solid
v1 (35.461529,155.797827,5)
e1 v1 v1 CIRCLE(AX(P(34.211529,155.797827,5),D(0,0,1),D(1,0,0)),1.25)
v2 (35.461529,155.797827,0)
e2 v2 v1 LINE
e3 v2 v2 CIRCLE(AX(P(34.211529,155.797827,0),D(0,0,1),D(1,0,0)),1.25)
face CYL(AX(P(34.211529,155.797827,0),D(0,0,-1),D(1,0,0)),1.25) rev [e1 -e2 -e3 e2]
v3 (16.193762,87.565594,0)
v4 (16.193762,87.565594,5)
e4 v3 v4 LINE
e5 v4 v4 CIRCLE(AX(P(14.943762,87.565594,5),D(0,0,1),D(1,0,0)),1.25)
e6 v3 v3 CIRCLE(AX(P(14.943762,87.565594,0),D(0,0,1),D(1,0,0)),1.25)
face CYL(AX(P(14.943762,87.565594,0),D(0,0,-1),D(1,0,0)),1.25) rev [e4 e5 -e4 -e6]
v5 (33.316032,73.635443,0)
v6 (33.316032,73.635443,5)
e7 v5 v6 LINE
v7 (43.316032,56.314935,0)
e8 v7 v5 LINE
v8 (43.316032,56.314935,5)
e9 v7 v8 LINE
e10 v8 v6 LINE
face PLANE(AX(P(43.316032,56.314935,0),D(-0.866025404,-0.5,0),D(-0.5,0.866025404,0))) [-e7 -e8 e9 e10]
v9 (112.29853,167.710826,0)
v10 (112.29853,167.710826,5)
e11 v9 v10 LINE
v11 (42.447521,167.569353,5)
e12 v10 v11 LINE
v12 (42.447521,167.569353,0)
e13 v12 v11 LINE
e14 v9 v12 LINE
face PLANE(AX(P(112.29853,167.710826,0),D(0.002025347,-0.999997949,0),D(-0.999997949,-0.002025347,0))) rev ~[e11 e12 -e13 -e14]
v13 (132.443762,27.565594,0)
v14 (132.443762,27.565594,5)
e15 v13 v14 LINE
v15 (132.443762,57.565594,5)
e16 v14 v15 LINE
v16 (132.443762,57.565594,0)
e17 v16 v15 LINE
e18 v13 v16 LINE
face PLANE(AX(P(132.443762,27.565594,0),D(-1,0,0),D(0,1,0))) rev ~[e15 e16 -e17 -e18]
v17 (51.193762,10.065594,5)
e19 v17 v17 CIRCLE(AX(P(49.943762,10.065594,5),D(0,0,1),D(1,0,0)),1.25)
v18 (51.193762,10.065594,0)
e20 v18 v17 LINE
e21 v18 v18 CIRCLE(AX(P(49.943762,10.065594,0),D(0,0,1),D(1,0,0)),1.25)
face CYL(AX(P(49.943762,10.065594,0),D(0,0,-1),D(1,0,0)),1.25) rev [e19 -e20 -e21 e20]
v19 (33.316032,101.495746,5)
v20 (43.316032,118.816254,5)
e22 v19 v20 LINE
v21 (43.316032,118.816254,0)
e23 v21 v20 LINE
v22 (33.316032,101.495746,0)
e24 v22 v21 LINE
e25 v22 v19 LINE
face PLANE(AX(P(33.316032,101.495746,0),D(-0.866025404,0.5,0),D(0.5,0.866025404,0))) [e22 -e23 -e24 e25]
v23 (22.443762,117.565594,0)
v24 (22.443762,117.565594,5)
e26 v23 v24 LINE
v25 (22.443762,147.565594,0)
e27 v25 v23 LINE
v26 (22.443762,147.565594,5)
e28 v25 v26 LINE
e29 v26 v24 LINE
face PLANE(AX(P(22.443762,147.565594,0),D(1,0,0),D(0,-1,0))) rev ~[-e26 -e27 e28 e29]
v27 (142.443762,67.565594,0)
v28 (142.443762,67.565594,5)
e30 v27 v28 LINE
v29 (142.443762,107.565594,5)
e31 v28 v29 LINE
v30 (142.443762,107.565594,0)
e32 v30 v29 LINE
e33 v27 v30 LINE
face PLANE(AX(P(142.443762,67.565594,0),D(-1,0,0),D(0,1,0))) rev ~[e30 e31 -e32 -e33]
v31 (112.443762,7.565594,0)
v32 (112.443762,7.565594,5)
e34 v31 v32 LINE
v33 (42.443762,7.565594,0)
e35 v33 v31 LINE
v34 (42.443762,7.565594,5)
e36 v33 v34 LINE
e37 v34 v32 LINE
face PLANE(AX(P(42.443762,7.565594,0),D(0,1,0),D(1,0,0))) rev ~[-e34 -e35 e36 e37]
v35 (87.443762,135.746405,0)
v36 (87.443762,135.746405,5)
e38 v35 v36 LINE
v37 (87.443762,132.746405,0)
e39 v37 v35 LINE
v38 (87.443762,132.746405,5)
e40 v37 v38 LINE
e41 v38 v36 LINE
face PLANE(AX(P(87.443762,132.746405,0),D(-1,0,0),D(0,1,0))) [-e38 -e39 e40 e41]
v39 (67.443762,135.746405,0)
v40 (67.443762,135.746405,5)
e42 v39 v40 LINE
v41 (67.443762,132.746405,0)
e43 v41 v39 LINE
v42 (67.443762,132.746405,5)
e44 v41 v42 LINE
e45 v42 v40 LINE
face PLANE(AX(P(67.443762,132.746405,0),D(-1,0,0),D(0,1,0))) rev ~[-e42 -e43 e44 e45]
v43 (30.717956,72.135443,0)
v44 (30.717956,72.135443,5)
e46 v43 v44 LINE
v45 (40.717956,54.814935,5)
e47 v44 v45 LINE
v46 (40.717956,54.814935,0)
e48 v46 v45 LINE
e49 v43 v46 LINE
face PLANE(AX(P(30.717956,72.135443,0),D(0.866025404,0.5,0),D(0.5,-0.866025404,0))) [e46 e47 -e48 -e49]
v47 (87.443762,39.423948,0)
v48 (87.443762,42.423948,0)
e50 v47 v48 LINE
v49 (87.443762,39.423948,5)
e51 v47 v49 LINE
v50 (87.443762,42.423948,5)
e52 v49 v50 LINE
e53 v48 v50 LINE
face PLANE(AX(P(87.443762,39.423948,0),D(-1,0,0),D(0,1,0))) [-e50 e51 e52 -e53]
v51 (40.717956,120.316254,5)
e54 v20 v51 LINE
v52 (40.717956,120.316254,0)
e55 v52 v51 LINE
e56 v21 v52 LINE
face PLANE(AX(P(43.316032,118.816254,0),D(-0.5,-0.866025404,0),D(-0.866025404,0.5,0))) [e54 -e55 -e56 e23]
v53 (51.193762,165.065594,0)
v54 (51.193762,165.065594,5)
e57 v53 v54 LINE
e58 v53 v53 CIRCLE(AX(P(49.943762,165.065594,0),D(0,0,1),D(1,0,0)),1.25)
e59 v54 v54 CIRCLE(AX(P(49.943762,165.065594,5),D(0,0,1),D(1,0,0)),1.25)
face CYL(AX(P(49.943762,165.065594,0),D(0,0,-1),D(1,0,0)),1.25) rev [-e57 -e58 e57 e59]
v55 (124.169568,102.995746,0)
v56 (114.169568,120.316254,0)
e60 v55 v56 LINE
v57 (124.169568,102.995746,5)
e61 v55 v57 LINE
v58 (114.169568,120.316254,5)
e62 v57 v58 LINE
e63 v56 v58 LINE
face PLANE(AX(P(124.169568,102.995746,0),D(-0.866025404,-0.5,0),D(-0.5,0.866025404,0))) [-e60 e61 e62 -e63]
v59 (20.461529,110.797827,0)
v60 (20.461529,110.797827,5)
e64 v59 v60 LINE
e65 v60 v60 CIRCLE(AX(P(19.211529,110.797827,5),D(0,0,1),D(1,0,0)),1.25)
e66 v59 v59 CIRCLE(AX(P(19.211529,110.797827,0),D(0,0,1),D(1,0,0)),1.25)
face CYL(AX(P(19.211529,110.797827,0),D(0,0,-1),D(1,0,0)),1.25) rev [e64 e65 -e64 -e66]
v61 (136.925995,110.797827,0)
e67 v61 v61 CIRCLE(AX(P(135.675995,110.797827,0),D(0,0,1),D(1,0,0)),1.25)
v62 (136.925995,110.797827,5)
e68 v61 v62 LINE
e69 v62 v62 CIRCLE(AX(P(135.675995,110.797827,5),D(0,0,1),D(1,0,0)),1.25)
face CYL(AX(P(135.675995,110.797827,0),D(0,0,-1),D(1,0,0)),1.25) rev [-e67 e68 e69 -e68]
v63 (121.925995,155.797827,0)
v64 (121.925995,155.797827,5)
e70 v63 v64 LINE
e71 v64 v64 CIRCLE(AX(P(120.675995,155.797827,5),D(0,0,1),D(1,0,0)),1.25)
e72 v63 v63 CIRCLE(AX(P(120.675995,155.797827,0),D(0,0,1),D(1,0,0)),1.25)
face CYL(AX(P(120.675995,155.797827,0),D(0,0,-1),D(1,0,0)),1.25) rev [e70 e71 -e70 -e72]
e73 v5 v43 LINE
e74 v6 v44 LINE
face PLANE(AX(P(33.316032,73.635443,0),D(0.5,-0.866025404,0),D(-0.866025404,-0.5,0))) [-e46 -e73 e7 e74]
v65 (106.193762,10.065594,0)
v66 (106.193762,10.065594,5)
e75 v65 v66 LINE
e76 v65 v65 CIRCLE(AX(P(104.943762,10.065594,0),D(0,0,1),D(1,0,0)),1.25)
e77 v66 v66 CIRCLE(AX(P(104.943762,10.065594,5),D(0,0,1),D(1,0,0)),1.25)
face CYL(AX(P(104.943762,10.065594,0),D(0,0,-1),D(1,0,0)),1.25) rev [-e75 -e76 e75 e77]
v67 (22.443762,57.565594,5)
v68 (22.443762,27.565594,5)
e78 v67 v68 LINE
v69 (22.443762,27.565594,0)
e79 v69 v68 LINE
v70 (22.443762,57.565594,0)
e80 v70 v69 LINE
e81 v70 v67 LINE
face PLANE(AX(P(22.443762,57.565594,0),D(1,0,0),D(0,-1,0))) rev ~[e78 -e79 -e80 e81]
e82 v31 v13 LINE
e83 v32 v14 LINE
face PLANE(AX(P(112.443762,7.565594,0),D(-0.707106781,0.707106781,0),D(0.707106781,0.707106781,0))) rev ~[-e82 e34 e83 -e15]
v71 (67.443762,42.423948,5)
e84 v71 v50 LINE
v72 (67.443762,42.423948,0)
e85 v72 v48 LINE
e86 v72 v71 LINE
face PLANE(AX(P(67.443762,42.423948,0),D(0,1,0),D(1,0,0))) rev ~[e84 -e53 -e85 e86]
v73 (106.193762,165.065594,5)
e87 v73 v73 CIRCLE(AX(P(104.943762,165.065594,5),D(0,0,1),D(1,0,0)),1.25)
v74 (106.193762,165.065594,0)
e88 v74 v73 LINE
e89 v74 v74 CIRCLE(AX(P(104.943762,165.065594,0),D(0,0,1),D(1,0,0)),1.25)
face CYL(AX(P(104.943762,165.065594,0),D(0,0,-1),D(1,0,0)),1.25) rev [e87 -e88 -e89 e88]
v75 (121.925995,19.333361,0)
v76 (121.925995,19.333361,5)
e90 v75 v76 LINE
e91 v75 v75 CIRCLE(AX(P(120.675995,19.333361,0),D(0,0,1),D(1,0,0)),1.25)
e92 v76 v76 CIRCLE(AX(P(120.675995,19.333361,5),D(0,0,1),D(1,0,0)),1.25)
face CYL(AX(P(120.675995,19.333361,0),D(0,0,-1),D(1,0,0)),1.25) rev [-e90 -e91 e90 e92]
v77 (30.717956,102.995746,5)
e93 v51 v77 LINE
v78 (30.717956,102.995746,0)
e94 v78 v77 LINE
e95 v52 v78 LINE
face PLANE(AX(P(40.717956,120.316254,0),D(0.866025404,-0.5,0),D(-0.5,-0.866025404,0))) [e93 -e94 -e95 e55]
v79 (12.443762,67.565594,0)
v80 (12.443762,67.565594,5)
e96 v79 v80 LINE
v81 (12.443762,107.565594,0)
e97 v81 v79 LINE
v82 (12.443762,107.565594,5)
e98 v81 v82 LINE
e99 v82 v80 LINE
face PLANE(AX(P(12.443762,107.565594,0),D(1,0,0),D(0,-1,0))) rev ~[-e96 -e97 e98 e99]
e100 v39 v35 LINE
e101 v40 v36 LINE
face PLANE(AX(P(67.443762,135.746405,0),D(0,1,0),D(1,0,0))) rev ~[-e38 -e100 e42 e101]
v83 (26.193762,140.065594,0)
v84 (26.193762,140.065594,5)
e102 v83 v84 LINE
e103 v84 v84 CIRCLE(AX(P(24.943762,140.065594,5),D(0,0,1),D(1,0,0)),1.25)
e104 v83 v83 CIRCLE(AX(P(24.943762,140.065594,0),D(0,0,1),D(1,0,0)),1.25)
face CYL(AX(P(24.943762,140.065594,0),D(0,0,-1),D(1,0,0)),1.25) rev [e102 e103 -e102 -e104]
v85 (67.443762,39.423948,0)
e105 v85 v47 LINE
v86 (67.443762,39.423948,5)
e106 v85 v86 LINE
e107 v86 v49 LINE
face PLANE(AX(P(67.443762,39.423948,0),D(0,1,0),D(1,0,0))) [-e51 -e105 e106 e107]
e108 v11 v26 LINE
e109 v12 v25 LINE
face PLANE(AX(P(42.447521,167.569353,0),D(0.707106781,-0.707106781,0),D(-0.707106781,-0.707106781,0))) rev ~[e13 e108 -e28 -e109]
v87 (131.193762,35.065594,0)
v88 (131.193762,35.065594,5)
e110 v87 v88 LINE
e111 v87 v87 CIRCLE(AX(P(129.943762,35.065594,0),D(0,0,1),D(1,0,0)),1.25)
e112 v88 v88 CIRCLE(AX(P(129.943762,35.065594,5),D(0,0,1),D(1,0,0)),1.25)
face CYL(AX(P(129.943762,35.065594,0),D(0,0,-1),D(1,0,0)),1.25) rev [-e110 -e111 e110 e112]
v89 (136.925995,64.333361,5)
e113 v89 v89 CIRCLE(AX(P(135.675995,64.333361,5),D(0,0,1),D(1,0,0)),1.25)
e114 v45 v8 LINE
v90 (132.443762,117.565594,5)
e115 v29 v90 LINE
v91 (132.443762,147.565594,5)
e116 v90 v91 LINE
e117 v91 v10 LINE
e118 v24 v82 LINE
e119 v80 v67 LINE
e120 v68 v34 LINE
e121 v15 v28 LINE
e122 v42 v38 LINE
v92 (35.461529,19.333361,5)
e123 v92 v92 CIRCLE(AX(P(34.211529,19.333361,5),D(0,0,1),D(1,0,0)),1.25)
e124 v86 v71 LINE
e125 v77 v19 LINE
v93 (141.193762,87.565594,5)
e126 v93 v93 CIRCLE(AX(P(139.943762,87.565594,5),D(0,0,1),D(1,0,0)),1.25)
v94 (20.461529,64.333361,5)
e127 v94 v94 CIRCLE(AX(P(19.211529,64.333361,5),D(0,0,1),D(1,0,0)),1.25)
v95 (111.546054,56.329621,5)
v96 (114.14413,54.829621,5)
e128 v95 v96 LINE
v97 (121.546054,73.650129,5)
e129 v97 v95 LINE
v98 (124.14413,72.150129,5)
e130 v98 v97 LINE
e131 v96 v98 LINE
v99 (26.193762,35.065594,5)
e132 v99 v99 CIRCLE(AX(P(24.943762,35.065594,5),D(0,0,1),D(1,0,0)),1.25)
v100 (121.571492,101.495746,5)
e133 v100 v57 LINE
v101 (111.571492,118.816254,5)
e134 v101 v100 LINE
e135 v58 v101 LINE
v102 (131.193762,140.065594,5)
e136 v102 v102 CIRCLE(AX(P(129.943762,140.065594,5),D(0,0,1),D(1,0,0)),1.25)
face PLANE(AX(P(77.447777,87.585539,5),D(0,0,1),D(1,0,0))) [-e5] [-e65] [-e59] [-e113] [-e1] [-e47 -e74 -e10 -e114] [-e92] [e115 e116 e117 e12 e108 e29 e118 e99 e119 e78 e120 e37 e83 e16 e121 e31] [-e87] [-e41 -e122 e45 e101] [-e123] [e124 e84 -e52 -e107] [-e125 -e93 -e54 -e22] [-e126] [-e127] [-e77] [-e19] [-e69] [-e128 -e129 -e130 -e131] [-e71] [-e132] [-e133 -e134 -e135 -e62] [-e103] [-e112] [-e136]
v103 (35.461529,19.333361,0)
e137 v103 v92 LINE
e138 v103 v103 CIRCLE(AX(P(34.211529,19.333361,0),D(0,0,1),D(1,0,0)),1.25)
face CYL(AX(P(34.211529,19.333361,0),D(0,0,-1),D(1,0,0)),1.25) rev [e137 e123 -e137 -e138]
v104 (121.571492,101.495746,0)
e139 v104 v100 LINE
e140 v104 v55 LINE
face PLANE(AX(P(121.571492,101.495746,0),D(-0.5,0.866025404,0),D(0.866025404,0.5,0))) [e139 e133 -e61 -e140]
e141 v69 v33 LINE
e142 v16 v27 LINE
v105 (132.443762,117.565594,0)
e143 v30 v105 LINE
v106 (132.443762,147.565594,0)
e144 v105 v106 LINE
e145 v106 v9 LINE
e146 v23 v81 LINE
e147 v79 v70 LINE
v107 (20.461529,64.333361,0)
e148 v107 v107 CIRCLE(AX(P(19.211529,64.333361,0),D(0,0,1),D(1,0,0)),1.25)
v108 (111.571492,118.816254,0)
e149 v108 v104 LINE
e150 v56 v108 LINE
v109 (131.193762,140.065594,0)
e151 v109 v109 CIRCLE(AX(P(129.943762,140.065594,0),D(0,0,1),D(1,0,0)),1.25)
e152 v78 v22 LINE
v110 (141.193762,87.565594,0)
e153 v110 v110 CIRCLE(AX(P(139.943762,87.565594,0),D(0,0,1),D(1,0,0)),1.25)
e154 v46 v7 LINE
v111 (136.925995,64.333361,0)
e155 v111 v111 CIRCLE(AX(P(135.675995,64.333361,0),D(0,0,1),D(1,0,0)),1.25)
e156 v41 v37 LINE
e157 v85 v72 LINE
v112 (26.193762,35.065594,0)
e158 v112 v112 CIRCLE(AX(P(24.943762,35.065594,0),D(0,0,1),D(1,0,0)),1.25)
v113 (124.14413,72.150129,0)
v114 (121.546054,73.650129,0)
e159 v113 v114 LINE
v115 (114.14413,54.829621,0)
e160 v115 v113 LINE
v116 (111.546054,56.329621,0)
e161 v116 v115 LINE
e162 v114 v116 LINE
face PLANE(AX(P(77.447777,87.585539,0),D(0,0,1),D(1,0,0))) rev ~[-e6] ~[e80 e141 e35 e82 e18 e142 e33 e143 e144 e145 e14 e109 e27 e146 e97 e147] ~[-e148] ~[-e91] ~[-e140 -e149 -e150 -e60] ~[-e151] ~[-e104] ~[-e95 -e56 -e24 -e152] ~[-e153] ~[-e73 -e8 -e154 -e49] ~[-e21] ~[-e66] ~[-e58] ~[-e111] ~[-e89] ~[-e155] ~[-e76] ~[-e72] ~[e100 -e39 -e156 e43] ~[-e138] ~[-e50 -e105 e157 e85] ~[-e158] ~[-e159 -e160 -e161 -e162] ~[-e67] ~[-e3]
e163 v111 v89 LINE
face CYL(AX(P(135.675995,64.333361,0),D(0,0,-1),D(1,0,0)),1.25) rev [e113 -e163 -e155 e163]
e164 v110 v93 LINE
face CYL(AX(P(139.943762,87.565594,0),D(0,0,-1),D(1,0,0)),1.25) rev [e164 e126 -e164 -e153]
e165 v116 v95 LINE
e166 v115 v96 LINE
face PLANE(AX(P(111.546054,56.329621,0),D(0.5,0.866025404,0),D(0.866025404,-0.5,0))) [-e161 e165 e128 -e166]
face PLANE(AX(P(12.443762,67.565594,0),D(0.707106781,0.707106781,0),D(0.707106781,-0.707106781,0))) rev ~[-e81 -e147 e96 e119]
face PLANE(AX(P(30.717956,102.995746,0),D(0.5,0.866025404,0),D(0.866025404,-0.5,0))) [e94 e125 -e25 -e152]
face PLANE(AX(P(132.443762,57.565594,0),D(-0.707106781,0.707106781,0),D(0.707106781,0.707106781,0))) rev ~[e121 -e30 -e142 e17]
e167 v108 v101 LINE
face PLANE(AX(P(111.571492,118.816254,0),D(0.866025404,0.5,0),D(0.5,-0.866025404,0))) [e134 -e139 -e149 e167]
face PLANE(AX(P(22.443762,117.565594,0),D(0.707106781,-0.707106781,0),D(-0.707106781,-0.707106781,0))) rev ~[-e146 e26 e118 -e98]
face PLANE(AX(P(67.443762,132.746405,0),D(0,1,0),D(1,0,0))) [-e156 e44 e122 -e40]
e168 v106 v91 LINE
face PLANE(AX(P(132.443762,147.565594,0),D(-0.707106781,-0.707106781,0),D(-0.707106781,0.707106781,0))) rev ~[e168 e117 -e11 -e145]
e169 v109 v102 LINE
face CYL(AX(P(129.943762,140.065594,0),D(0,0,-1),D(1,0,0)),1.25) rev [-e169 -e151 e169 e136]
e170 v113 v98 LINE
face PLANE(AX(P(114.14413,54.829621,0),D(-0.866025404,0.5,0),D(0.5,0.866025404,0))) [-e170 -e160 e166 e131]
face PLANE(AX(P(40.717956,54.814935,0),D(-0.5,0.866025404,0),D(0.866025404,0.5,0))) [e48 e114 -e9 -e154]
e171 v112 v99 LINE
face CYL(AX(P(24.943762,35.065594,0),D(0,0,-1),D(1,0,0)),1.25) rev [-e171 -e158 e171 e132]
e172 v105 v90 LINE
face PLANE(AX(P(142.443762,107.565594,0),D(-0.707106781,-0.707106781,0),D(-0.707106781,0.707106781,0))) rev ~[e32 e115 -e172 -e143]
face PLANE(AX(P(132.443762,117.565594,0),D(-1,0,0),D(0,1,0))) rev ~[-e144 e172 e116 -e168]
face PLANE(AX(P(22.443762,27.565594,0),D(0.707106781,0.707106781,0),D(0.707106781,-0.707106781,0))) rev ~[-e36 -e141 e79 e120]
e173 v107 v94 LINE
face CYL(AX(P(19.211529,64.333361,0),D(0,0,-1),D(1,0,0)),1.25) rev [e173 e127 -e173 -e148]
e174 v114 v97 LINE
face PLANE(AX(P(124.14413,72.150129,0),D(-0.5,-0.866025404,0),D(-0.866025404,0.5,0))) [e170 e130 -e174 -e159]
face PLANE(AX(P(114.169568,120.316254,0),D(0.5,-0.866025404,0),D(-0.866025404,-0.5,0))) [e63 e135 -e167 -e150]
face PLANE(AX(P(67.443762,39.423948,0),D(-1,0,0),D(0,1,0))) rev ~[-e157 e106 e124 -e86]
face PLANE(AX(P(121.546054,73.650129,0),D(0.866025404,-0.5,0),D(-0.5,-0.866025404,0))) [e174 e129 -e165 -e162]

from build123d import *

# Parameters (mm, degrees)
MODEL_R             = 1.25
MODEL_W             = 20
MODEL_H             = 3
BOSS_EXTRUDE1_DEPTH = 5


with BuildPart() as part:
    # Model → Boss-Extrude1 (new body)
    with BuildSketch(Plane.XY):
        Polygon((112.443761684, 7.565594359), (132.443761684, 27.565594359), (132.443761684, 57.565594359), (142.443761684, 67.565594359), (142.443761684, 107.565594359), (132.443761684, 117.565594359), (132.443761684, 147.565594359), (112.298529785, 167.710826258), (42.447520771, 167.569353446), (22.443761684, 147.565594359), (22.443761684, 117.565594359), (12.443761684, 107.565594359), (12.443761684, 67.565594359), (22.443761684, 57.565594359), (22.443761684, 27.565594359), (42.443761684, 7.565594359), align=None)
        with Locations((104.943761684, 10.065594359)):
            Circle(MODEL_R, mode=Mode.SUBTRACT)
        with Locations((129.943761684, 35.065594359)):
            Circle(MODEL_R, mode=Mode.SUBTRACT)
        with Locations((120.675994731, 19.333361312)):
            Circle(MODEL_R, mode=Mode.SUBTRACT)
        with Locations((49.943761684, 10.065594359)):
            Circle(MODEL_R, mode=Mode.SUBTRACT)
        with Locations((24.943761684, 35.065594359)):
            Circle(MODEL_R, mode=Mode.SUBTRACT)
        with Locations((34.211528637, 19.333361312)):
            Circle(MODEL_R, mode=Mode.SUBTRACT)
        with Locations((104.943761684, 165.065594359)):
            Circle(MODEL_R, mode=Mode.SUBTRACT)
        with Locations((129.943761684, 140.065594359)):
            Circle(MODEL_R, mode=Mode.SUBTRACT)
        with Locations((120.675994731, 155.797827406)):
            Circle(MODEL_R, mode=Mode.SUBTRACT)
        with Locations((49.943761684, 165.065594359)):
            Circle(MODEL_R, mode=Mode.SUBTRACT)
        with Locations((24.943761684, 140.065594359)):
            Circle(MODEL_R, mode=Mode.SUBTRACT)
        with Locations((34.211528637, 155.797827406)):
            Circle(MODEL_R, mode=Mode.SUBTRACT)
        with Locations((19.211528637, 64.333361312)):
            Circle(MODEL_R, mode=Mode.SUBTRACT)
        with Locations((14.943761684, 87.565594359)):
            Circle(MODEL_R, mode=Mode.SUBTRACT)
        with Locations((19.211528637, 110.797827406)):
            Circle(MODEL_R, mode=Mode.SUBTRACT)
        with Locations((135.675994731, 64.333361312)):
            Circle(MODEL_R, mode=Mode.SUBTRACT)
        with Locations((139.943761684, 87.565594359)):
            Circle(MODEL_R, mode=Mode.SUBTRACT)
        with Locations((135.675994731, 110.797827406)):
            Circle(MODEL_R, mode=Mode.SUBTRACT)
        with Locations((77.443761684, 134.246405176)):
            Rectangle(MODEL_W, MODEL_H, mode=Mode.SUBTRACT)
        with Locations((77.443761684, 40.923947526)):
            Rectangle(MODEL_W, MODEL_H, mode=Mode.SUBTRACT)
        Polygon((111.546053861, 56.329621407), (114.144130073, 54.829621407), (124.144130073, 72.150129482), (121.546053861, 73.650129482), align=None, mode=Mode.SUBTRACT)
        Polygon((114.169567826, 120.316253805), (111.571491615, 118.816253805), (121.571491615, 101.49574573), (124.169567826, 102.99574573), align=None, mode=Mode.SUBTRACT)
        Polygon((40.717955541, 54.814934913), (43.316031753, 56.314934913), (33.316031753, 73.635442988), (30.717955541, 72.135442988), align=None, mode=Mode.SUBTRACT)
        Polygon((30.717955541, 102.99574573), (33.316031753, 101.49574573), (43.316031753, 118.816253805), (40.717955541, 120.316253805), align=None, mode=Mode.SUBTRACT)
    extrude(amount=BOSS_EXTRUDE1_DEPTH)


solid = part.part
